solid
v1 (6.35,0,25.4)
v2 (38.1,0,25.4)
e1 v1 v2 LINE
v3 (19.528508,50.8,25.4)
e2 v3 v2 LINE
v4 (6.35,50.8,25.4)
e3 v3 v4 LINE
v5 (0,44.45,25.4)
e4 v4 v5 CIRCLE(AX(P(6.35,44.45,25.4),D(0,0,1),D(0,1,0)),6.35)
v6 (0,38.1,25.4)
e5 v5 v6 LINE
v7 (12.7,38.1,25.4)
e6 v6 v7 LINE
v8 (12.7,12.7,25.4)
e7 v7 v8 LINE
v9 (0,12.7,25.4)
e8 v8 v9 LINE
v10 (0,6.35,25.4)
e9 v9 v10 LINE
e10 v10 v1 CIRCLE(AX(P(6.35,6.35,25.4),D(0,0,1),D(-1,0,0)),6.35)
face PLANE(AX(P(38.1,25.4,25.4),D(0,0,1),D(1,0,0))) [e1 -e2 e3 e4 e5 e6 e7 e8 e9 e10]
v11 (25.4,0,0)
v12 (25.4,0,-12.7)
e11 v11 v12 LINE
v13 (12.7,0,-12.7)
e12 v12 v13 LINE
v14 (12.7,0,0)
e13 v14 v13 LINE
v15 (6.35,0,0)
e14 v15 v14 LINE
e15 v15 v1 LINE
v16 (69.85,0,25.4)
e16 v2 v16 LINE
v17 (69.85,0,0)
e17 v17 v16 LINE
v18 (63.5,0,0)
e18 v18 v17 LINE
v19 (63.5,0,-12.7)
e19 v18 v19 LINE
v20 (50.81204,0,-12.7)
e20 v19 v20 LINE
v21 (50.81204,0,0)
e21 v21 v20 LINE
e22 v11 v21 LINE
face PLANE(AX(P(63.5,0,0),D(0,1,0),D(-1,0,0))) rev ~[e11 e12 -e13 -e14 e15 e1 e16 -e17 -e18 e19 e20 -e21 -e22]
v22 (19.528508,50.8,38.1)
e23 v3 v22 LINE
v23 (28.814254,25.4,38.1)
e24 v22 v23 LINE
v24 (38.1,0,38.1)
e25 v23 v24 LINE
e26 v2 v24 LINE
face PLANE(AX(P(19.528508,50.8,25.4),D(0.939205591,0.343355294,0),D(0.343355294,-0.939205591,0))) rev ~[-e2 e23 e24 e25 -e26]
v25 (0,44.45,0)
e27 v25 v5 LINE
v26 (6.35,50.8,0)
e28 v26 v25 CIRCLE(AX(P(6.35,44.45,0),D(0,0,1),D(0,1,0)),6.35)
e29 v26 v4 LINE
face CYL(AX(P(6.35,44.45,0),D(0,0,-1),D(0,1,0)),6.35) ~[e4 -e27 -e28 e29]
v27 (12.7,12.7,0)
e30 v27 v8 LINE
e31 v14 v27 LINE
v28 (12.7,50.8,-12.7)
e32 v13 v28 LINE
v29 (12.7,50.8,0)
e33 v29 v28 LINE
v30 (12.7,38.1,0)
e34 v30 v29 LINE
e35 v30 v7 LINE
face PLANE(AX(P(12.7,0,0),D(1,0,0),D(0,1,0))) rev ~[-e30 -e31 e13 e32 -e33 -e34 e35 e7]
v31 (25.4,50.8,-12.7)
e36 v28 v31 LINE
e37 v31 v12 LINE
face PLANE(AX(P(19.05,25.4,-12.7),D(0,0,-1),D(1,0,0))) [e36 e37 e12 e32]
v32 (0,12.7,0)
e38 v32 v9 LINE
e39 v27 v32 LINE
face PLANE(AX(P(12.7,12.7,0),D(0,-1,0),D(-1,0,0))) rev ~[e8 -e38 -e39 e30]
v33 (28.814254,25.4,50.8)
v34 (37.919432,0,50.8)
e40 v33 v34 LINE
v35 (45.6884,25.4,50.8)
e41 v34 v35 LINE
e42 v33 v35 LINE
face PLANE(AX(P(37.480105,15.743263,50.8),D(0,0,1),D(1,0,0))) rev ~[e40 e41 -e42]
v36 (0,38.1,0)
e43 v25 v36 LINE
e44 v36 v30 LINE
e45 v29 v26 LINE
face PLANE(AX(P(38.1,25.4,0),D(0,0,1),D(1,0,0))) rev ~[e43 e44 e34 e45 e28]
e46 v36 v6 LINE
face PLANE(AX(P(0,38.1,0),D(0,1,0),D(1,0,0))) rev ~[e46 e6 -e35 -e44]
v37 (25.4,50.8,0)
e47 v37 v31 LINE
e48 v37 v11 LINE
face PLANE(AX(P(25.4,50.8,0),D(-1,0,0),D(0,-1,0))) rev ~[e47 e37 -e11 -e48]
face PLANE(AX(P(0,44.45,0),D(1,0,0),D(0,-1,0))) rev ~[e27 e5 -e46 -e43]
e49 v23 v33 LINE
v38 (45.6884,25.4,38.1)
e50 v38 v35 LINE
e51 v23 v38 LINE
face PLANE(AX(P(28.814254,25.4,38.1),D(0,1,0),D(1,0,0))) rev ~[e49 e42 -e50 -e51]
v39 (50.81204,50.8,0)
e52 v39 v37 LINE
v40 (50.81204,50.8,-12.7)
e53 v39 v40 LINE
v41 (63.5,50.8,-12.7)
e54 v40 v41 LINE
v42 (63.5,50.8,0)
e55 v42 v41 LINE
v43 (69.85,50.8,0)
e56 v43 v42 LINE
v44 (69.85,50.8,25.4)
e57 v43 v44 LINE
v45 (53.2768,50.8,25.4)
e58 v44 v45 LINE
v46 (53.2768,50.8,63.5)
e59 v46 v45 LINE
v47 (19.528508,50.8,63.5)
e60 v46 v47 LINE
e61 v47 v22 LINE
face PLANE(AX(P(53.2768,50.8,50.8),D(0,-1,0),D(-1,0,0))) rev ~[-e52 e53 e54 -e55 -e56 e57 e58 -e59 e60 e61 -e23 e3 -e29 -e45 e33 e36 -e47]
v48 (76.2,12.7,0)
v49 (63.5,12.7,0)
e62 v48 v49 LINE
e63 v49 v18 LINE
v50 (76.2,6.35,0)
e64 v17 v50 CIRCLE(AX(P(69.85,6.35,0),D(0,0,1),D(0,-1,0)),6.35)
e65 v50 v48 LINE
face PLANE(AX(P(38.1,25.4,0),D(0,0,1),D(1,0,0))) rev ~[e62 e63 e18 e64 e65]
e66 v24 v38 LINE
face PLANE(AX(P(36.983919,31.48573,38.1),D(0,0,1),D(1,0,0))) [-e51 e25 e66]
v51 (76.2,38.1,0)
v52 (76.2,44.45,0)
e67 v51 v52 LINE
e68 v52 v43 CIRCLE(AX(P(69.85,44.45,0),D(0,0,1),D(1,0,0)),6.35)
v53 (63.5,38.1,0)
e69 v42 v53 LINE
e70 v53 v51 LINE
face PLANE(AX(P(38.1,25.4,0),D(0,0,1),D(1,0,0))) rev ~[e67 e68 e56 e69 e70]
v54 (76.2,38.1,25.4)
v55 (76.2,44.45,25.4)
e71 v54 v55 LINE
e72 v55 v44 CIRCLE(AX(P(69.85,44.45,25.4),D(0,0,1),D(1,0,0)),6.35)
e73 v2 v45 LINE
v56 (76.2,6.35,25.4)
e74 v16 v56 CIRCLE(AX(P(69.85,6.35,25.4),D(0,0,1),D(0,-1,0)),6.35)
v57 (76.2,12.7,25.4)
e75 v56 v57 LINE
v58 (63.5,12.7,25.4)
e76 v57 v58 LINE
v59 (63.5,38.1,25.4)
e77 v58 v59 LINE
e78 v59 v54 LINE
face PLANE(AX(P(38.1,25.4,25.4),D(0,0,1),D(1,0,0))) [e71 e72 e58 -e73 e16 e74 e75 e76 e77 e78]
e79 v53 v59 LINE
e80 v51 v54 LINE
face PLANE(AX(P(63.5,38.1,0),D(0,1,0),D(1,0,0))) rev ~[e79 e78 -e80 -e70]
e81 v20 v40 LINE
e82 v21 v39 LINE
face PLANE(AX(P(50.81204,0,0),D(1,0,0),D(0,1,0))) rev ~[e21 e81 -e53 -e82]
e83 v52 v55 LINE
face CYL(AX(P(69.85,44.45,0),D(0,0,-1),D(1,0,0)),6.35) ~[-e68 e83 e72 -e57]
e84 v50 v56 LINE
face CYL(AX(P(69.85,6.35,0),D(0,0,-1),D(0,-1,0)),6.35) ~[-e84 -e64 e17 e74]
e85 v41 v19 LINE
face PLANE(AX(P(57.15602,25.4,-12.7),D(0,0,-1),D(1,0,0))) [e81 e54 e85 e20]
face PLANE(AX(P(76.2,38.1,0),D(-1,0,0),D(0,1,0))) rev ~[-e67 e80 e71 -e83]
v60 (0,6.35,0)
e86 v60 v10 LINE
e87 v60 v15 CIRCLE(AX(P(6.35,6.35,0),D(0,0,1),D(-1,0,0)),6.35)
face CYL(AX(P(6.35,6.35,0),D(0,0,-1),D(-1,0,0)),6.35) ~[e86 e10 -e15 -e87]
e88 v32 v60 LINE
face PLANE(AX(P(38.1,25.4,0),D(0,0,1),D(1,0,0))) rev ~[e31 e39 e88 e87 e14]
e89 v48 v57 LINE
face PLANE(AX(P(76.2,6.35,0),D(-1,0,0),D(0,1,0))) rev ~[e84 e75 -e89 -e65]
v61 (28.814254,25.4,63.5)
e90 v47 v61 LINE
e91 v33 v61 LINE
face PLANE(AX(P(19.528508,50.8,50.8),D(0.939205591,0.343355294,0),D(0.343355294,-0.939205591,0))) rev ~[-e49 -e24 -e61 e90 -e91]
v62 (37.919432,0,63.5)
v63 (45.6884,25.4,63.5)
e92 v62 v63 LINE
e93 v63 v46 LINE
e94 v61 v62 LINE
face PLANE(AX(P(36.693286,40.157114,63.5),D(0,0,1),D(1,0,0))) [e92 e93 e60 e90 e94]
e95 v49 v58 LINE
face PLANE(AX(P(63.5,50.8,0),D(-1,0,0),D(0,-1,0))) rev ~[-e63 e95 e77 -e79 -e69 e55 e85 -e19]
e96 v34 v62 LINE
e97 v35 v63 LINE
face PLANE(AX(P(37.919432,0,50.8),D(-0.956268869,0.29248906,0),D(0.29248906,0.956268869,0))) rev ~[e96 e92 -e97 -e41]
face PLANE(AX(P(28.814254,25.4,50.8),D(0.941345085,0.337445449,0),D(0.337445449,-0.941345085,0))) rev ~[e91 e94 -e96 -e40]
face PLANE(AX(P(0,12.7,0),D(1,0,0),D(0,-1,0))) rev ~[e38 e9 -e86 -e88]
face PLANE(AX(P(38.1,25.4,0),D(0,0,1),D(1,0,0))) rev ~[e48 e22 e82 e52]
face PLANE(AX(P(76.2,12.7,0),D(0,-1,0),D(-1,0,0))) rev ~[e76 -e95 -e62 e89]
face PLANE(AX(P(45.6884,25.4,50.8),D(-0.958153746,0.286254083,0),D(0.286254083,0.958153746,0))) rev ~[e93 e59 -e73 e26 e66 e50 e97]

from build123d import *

# Parameters (mm, degrees)
F1_DEPTH  = 25.4
F3_DEPTH  = 12.7
F5_DEPTH  = 12.7
F7_DEPTH  = 12.7
F9_DEPTH  = 12.7
F10_DEPTH = 12.7


with BuildPart() as f1:
    # F0 (on Top) → F1 (new body)
    with BuildSketch(Plane.XY):
        with BuildLine():
            ThreePointArc((0, 6.35), (1.8598719395, 1.8598719395), (6.35, 0))
            Line((6.35, 0), (69.85, 0))
            ThreePointArc((69.85, 0), (74.3401280605, 1.8598719395), (76.2, 6.35))
            Line((76.2, 6.35), (76.2, 12.7))
            Line((76.2, 12.7), (63.5, 12.7))
            Line((63.5, 12.7), (63.5, 25.4))
            Line((63.5, 25.4), (63.5, 38.1))
            Line((63.5, 38.1), (76.2, 38.1))
            Line((76.2, 38.1), (76.2, 44.45))
            ThreePointArc((76.2, 44.45), (74.3401280605, 48.9401280605), (69.85, 50.8))
            Line((69.85, 50.8), (6.35, 50.8))
            ThreePointArc((6.35, 50.8), (1.8598719395, 48.9401280605), (0, 44.45))
            Line((0, 44.45), (0, 38.1))
            Line((0, 38.1), (12.7, 38.1))
            Line((12.7, 38.1), (12.7, 25.4))
            Line((12.7, 25.4), (12.7, 12.7))
            Line((12.7, 12.7), (0, 12.7))
            Line((0, 12.7), (0, 6.35))
        make_face()
    extrude(amount=F1_DEPTH)

    # F2 (on face) → F3 (join)
    with BuildSketch(Plane(origin=(0, 0, 0), x_dir=(1, 0, 0), z_dir=(0, 0, -1))):
        Polygon((63.5, -12.7), (63.5, 0), (50.8120395243, 0), (50.8120395243, -50.8), (63.5, -50.8), (63.5, -38.1), align=None)
        Polygon((25.4, -50.8), (25.4, 0), (12.7, 0), (12.7, -12.7), (12.7, -38.1), (12.7, -50.8), align=None)
    extrude(amount=F3_DEPTH)

    # F4 (on face) → F5 (join)
    with BuildSketch(Plane.XY.offset(25.4)):
        Polygon((19.5285081863, 50.8), (38.1, 0), (53.2767996192, 50.8), align=None)
    extrude(amount=F5_DEPTH)

    # F6 (on face) → F7 (join)
    with BuildSketch(Plane.XY.offset(38.1)):
        Polygon((19.5285081863, 50.8), (28.8142540932, 25.4), (45.6883998096, 25.4), (53.2767996192, 50.8), align=None)
    extrude(amount=F7_DEPTH)

    # F10 (add): a face of the model
    f10_faces = [f1.faces().sort_by_distance(p)[0] for p in [
        (36.7798419244, 39.5111111111, 50.8),
    ]]


with BuildPart() as f9:
    # F8 (on face) → F9 (new body)
    with BuildSketch(Plane.XY.offset(50.8)):
        Polygon((45.6883998096, 25.4), (28.8142540932, 25.4), (37.9194319248, 0), align=None)
    extrude(amount=F9_DEPTH)


with BuildPart() as f1_1:
    add(f1.part)

    add(f9.part)  # F10 merges F9
    extrude(f10_faces, amount=F10_DEPTH)


solid = f1_1.part
